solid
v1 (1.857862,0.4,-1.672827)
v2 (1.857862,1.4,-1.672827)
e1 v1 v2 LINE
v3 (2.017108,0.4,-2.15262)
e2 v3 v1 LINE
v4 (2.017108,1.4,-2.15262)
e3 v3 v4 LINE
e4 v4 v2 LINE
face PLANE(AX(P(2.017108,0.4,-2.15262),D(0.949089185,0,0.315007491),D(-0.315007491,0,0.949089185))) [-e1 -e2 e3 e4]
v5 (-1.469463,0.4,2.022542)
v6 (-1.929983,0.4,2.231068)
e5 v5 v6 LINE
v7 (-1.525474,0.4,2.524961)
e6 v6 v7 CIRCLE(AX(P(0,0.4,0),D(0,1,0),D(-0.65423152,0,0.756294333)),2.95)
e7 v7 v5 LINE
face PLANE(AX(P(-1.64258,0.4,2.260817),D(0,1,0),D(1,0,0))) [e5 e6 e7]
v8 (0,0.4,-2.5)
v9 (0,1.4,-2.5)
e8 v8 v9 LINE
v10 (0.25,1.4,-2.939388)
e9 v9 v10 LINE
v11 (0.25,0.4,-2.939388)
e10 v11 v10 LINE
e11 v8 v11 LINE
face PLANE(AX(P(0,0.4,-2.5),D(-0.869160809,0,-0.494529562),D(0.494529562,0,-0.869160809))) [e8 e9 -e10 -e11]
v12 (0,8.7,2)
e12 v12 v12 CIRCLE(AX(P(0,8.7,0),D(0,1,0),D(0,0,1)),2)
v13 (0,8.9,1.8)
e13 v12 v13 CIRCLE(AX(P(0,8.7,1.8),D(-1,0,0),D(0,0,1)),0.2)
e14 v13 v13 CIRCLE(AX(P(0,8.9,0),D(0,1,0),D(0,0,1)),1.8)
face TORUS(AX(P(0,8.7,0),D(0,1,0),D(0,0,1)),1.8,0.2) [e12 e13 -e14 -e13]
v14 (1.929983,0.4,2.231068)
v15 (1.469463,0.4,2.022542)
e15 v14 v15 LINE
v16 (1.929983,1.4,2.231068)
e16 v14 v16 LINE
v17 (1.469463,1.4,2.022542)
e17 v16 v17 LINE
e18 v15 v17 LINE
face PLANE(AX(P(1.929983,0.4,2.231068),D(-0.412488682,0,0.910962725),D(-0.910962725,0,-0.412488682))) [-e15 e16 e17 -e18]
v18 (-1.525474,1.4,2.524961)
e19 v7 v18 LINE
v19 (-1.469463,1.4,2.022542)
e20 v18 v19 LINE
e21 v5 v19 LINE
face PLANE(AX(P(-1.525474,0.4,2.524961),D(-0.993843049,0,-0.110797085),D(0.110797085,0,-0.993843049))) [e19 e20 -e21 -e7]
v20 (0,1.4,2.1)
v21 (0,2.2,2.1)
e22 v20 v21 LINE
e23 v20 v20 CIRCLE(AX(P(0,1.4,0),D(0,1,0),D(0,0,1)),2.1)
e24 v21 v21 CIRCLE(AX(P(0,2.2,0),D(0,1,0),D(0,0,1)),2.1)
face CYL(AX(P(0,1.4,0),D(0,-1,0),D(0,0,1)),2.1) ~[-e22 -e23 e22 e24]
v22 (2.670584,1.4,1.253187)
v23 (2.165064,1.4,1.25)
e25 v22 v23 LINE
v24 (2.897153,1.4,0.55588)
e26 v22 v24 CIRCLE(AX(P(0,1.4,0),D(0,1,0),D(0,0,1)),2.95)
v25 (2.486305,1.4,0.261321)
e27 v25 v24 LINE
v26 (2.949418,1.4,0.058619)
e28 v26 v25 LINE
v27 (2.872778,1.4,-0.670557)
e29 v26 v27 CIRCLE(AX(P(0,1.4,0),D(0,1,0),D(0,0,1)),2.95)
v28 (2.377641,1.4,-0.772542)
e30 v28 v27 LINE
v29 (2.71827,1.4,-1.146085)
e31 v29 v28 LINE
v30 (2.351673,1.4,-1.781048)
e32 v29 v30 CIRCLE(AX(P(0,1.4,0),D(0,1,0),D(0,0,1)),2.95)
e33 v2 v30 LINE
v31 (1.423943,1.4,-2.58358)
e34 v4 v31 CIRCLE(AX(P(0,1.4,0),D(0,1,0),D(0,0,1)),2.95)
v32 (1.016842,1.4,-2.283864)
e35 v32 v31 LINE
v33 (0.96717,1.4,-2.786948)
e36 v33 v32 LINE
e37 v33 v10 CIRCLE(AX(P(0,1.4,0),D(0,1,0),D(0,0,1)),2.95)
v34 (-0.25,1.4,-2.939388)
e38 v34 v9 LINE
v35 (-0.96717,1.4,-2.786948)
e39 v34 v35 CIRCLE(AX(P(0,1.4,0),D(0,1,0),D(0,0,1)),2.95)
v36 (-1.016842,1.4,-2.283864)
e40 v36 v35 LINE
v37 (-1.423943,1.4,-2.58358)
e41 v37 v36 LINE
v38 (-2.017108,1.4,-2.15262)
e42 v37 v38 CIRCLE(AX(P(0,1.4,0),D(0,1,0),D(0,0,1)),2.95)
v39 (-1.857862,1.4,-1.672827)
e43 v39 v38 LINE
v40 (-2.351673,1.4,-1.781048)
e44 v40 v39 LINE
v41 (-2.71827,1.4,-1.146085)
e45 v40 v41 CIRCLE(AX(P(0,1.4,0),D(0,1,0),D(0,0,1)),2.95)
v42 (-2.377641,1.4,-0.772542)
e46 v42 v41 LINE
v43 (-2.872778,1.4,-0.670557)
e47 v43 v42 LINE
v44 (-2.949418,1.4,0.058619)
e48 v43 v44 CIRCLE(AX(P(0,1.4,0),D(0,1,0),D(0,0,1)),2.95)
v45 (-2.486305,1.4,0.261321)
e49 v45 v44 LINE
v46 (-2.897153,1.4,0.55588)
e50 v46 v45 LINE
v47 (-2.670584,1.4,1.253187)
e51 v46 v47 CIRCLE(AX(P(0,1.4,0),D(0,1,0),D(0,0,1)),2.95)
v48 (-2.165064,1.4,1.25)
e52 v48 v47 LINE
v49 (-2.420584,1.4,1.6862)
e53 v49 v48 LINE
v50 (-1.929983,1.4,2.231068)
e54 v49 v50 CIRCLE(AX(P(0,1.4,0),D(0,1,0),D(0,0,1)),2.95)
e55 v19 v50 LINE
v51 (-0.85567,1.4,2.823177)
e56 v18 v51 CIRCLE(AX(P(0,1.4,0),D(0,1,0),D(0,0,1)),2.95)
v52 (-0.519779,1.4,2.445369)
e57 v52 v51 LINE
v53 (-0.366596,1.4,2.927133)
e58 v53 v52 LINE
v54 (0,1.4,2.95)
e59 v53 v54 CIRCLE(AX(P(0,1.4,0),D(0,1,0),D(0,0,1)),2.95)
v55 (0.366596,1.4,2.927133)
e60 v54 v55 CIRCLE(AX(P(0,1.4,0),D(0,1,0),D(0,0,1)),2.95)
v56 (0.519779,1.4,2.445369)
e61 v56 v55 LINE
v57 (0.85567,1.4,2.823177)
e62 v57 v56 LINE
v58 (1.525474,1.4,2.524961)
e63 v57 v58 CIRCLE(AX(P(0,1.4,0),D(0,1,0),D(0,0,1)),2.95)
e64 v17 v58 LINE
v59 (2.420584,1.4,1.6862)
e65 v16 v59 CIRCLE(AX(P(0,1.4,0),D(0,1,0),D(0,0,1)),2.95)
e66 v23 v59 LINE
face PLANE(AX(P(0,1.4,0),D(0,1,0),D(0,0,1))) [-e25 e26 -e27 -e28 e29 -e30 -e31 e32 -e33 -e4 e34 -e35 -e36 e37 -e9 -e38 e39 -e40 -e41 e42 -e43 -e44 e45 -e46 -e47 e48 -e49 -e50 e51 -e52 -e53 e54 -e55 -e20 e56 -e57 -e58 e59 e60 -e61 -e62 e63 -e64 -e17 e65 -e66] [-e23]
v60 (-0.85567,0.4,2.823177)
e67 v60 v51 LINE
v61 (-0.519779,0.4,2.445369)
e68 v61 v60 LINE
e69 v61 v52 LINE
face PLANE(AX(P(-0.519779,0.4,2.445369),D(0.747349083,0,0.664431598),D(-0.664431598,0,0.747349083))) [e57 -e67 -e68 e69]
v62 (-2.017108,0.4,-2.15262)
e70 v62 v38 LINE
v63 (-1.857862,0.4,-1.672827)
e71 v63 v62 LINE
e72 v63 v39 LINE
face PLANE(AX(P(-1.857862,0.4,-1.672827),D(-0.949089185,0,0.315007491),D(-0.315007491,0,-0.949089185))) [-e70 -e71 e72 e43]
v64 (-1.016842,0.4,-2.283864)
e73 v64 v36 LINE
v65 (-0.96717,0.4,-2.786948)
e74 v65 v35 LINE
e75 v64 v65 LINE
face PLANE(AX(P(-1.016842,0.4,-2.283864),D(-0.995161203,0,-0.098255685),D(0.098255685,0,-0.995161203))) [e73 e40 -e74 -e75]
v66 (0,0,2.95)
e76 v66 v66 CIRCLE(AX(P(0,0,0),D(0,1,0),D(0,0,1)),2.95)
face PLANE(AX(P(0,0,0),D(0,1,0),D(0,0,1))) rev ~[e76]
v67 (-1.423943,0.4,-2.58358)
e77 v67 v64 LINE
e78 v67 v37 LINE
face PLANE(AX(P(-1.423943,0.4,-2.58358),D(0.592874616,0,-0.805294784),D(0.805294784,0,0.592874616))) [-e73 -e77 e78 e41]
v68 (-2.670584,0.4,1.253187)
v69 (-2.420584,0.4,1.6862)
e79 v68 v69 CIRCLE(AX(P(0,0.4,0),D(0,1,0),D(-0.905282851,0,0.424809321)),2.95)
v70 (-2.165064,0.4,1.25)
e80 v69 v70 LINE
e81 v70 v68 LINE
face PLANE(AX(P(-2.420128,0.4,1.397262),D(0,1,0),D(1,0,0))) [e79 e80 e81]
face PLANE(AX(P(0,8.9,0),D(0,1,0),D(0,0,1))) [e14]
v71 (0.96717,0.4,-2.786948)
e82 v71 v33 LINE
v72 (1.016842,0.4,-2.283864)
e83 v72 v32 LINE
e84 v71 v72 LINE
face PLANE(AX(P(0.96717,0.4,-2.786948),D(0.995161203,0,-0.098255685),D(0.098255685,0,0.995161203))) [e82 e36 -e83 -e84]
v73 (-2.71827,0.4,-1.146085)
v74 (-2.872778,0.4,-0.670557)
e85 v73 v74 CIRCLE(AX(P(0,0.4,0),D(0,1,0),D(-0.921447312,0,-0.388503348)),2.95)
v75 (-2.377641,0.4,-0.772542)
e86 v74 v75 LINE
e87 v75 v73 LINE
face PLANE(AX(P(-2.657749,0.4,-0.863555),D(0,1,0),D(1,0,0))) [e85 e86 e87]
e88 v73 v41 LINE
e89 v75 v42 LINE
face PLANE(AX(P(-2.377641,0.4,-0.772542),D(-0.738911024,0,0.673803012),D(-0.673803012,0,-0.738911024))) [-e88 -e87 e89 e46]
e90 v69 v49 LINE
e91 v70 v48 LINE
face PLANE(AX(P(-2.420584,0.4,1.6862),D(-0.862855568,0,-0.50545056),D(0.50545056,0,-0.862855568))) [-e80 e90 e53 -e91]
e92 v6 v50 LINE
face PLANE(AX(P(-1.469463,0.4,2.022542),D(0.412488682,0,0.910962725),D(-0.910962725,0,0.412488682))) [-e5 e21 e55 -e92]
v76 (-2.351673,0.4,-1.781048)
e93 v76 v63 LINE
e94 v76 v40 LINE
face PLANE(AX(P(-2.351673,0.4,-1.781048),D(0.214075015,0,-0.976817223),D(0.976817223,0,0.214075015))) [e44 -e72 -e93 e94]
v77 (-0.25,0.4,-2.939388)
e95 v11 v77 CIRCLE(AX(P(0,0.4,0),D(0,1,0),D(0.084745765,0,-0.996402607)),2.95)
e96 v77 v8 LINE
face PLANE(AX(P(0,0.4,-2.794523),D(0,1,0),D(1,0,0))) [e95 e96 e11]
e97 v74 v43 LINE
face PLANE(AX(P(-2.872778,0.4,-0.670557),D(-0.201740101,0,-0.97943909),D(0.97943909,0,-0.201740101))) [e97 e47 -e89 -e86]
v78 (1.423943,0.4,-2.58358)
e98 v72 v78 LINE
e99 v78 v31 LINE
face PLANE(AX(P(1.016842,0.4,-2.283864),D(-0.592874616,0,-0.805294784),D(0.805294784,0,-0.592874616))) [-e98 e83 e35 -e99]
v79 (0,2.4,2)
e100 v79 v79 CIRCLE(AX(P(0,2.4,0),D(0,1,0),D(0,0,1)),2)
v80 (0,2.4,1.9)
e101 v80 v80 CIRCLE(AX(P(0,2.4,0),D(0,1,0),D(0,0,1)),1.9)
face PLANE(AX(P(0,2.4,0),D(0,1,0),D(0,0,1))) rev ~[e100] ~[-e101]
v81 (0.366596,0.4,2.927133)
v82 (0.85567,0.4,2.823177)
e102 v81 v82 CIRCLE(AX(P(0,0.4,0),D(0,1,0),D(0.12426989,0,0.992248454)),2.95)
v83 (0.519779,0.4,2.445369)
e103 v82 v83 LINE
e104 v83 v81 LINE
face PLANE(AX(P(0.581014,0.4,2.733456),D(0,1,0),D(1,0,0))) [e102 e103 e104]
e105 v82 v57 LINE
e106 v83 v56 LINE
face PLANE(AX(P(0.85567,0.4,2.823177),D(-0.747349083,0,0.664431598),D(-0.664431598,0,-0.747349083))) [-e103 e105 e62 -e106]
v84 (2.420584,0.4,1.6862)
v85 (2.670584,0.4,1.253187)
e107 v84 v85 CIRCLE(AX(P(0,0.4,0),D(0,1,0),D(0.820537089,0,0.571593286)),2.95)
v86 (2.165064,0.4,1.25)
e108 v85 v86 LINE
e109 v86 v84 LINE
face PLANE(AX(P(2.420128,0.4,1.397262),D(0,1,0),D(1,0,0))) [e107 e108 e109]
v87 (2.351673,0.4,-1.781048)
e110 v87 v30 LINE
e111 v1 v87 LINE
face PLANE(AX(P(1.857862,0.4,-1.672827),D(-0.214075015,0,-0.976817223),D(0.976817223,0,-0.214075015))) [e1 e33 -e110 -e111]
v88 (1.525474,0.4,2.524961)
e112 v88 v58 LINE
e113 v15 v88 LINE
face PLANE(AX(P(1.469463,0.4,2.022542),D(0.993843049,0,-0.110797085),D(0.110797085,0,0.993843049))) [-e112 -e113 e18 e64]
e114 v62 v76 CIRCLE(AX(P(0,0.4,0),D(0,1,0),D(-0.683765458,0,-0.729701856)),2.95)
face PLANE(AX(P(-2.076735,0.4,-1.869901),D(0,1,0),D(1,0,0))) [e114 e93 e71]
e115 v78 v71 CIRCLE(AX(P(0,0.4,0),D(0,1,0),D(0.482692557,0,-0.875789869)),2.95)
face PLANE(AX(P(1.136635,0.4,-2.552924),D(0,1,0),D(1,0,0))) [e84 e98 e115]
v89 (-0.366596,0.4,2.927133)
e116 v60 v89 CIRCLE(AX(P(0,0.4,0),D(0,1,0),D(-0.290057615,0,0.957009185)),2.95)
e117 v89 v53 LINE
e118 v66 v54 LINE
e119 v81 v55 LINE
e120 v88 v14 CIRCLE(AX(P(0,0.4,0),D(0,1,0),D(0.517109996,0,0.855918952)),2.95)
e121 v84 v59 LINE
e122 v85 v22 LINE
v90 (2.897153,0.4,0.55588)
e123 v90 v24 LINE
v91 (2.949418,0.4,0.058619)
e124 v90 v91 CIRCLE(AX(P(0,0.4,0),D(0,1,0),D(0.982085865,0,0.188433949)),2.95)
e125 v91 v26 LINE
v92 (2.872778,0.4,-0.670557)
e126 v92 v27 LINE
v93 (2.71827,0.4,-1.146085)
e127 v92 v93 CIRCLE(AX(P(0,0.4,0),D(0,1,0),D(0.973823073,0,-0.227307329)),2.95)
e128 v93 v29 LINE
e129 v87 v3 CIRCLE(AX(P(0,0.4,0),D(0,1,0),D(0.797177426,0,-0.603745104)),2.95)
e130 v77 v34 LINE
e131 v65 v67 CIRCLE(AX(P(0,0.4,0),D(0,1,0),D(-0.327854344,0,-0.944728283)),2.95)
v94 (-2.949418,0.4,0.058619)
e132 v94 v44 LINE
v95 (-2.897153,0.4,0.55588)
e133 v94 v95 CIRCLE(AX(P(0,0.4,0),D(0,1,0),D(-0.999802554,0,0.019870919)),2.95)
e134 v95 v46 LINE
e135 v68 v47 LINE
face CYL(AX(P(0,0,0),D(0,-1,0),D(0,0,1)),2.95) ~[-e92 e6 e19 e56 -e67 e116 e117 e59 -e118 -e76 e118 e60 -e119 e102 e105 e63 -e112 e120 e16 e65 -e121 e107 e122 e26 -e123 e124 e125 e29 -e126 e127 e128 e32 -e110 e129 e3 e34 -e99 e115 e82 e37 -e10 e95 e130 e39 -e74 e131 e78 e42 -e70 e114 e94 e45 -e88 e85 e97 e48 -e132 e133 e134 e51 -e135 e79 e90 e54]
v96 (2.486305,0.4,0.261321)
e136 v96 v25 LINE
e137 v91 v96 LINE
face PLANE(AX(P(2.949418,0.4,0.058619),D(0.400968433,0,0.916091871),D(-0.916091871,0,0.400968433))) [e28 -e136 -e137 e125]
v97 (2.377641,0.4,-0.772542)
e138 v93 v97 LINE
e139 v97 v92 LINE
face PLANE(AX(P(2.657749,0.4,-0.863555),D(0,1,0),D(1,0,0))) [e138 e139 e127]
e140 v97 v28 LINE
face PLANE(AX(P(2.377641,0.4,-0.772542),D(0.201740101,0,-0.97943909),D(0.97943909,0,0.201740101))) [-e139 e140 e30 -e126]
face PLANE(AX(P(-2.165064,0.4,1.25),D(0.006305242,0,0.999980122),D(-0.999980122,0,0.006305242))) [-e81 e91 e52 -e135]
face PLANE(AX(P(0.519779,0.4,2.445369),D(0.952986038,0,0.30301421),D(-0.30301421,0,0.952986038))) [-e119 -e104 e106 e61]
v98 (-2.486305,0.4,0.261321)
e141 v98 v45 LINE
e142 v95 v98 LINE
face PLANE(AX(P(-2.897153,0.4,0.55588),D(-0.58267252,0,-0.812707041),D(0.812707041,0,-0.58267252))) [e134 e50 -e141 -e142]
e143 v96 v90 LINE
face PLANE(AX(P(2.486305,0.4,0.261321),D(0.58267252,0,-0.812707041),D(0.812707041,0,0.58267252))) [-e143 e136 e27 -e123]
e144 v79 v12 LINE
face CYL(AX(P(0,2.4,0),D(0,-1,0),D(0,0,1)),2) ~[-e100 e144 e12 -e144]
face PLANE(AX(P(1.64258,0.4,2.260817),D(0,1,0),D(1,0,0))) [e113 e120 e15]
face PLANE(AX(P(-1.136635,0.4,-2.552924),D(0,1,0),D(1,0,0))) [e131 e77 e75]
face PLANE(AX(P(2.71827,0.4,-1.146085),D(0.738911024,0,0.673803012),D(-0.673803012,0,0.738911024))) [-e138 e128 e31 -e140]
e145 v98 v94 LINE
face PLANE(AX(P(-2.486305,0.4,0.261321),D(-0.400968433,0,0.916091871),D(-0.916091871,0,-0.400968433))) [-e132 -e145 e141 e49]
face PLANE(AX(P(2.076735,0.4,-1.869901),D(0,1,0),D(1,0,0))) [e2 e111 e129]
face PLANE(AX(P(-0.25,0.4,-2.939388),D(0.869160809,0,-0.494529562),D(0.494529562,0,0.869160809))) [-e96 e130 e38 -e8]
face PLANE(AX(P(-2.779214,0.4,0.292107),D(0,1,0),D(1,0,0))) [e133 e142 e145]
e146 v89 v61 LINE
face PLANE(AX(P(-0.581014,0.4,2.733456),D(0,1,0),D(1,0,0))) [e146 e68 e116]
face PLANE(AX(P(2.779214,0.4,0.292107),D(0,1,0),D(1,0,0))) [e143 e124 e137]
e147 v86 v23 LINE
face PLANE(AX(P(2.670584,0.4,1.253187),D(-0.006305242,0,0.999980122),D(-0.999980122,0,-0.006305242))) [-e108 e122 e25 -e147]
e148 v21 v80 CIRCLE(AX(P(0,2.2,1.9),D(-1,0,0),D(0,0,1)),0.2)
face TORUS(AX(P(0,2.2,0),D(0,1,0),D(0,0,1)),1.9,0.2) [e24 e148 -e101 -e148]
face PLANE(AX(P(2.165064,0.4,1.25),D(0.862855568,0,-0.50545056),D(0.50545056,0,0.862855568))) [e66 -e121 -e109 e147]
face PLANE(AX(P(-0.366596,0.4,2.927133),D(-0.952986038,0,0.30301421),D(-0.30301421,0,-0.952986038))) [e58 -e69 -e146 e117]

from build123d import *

# Parameters (mm, degrees)
ESBO_O1_R                = 2.95
RESSALTO_EXTRUS_O1_DEPTH = 1.4
CORTE_EXTRUS_O1_START    = -1
CORTE_EXTRUS_O1_DEPTH    = 1
ESBO_O3_R                = 2.1
RESSALTO_EXTRUS_O2_DEPTH = 1
FILETE3_R                = 0.2
ESBO_O4_R                = 2
RESSALTO_EXTRUS_O3_DEPTH = 6.5
FILETE4_R                = 0.2


with BuildPart() as part:
    # Esboço1 → Ressalto-extrusão1 (new body)
    with BuildSketch(Plane(origin=(0, 0, 0), x_dir=(1, 0, 0), z_dir=(0, 1, 0))):
        with Locations(Location((0, 0, 0), (0, 0, 270))):
            Circle(ESBO_O1_R)
    extrude(amount=RESSALTO_EXTRUS_O1_DEPTH)

    # Esboço2 → Corte-extrusão1 (cut)
    with BuildSketch(Plane(origin=(0, 1.4, 0), x_dir=(1, 0, 0), z_dir=(0, 1, 0)).offset(CORTE_EXTRUS_O1_START)):
        with BuildLine():
            Line((-0.25, 2.939387691), (0, 2.5))
            Line((0, 2.5), (0.25, 2.939387691))
            ThreePointArc((0.25, 2.939387691), (0, 2.95), (-0.25, 2.939387691))
        make_face()
        with BuildLine():
            Line((1.016841608, 2.283863644), (1.423943047, 2.583580113))
            ThreePointArc((1.423943047, 2.583580113), (1.199873097, 2.6949591), (0.967170318, 2.786948434))
            Line((0.967170318, 2.786948434), (1.016841608, 2.283863644))
        make_face()
        with BuildLine():
            Line((1.857862064, 1.672826516), (2.351673404, 1.781048062))
            ThreePointArc((2.351673404, 1.781048062), (2.192277235, 1.973935289), (2.017108101, 2.152620475))
            Line((2.017108101, 2.152620475), (1.857862064, 1.672826516))
        make_face()
        with BuildLine():
            Line((2.377641291, 0.772542486), (2.872778066, 0.670556621))
            ThreePointArc((2.872778066, 0.670556621), (2.805616723, 0.911600133), (2.718269569, 1.146084879))
            Line((2.718269569, 1.146084879), (2.377641291, 0.772542486))
        make_face()
        with BuildLine():
            Line((2.486304738, -0.261321158), (2.897153302, -0.555880152))
            ThreePointArc((2.897153302, -0.555880152), (2.933839591, -0.308358967), (2.949417534, -0.058619204))
            Line((2.949417534, -0.058619204), (2.486304738, -0.261321158))
        make_face()
        with BuildLine():
            Line((2.165063509, -1.25), (2.420584412, -1.686200197))
            ThreePointArc((2.420584412, -1.686200197), (2.554774941, -1.475), (2.670584412, -1.253187495))
            Line((2.670584412, -1.253187495), (2.165063509, -1.25))
        make_face()
        with BuildLine():
            Line((1.469463131, -2.022542486), (1.525474487, -2.524960908))
            ThreePointArc((1.525474487, -2.524960908), (1.733966494, -2.386600133), (1.929982984, -2.231068282))
            Line((1.929982984, -2.231068282), (1.469463131, -2.022542486))
        make_face()
        with BuildLine():
            Line((0.519779227, -2.445369002), (0.366596165, -2.927132941))
            ThreePointArc((0.366596165, -2.927132941), (0.613339488, -2.885535422), (0.855669965, -2.823177095))
            Line((0.855669965, -2.823177095), (0.519779227, -2.445369002))
        make_face()
        with BuildLine():
            Line((-0.519779227, -2.445369002), (-0.855669965, -2.823177095))
            ThreePointArc((-0.855669965, -2.823177095), (-0.613339488, -2.885535422), (-0.366596165, -2.927132941))
            Line((-0.366596165, -2.927132941), (-0.519779227, -2.445369002))
        make_face()
        with BuildLine():
            Line((-1.469463131, -2.022542486), (-1.929982984, -2.231068282))
            ThreePointArc((-1.929982984, -2.231068282), (-1.733966494, -2.386600133), (-1.525474487, -2.524960908))
            Line((-1.525474487, -2.524960908), (-1.469463131, -2.022542486))
        make_face()
        with BuildLine():
            Line((-2.165063509, -1.25), (-2.670584412, -1.253187495))
            ThreePointArc((-2.670584412, -1.253187495), (-2.554774941, -1.475), (-2.420584412, -1.686200197))
            Line((-2.420584412, -1.686200197), (-2.165063509, -1.25))
        make_face()
        with BuildLine():
            Line((-2.486304738, -0.261321158), (-2.949417534, -0.058619204))
            ThreePointArc((-2.949417534, -0.058619204), (-2.933839591, -0.308358967), (-2.897153302, -0.555880152))
            Line((-2.897153302, -0.555880152), (-2.486304738, -0.261321158))
        make_face()
        with BuildLine():
            Line((-2.377641291, 0.772542486), (-2.718269569, 1.146084879))
            ThreePointArc((-2.718269569, 1.146084879), (-2.805616723, 0.911600133), (-2.872778066, 0.670556621))
            Line((-2.872778066, 0.670556621), (-2.377641291, 0.772542486))
        make_face()
        with BuildLine():
            Line((-1.857862064, 1.672826516), (-2.017108101, 2.152620475))
            ThreePointArc((-2.017108101, 2.152620475), (-2.192277235, 1.973935289), (-2.351673404, 1.781048062))
            Line((-2.351673404, 1.781048062), (-1.857862064, 1.672826516))
        make_face()
        with BuildLine():
            Line((-1.016841608, 2.283863644), (-0.967170318, 2.786948434))
            ThreePointArc((-0.967170318, 2.786948434), (-1.199873097, 2.6949591), (-1.423943047, 2.583580113))
            Line((-1.423943047, 2.583580113), (-1.016841608, 2.283863644))
        make_face()
    extrude(amount=CORTE_EXTRUS_O1_DEPTH, mode=Mode.SUBTRACT)

    # Esboço3 → Ressalto-extrusão2 (add)
    with BuildSketch(Plane(origin=(0, 1.4, 0), x_dir=(1, 0, 0), z_dir=(0, 1, 0))):
        with Locations(Location((0, 0, 0), (0, 0, 270))):
            Circle(ESBO_O3_R)
    extrude(amount=RESSALTO_EXTRUS_O2_DEPTH)

    # Filete3
    filete3_edges = [part.edges().sort_by_distance(p)[0] for p in [
        (0, 2.4, -2.1),
    ]]
    fillet(filete3_edges, radius=FILETE3_R)

    # Esboço4 → Ressalto-extrusão3 (add)
    with BuildSketch(Plane(origin=(0, 2.4, 0), x_dir=(1, 0, 0), z_dir=(0, 1, 0))):
        with Locations(Location((0, 0, 0), (0, 0, 270))):
            Circle(ESBO_O4_R)
    extrude(amount=RESSALTO_EXTRUS_O3_DEPTH)

    # Filete4
    filete4_edges = [part.edges().sort_by_distance(p)[0] for p in [
        (0, 8.9, -2),
    ]]
    fillet(filete4_edges, radius=FILETE4_R)


solid = part.part
